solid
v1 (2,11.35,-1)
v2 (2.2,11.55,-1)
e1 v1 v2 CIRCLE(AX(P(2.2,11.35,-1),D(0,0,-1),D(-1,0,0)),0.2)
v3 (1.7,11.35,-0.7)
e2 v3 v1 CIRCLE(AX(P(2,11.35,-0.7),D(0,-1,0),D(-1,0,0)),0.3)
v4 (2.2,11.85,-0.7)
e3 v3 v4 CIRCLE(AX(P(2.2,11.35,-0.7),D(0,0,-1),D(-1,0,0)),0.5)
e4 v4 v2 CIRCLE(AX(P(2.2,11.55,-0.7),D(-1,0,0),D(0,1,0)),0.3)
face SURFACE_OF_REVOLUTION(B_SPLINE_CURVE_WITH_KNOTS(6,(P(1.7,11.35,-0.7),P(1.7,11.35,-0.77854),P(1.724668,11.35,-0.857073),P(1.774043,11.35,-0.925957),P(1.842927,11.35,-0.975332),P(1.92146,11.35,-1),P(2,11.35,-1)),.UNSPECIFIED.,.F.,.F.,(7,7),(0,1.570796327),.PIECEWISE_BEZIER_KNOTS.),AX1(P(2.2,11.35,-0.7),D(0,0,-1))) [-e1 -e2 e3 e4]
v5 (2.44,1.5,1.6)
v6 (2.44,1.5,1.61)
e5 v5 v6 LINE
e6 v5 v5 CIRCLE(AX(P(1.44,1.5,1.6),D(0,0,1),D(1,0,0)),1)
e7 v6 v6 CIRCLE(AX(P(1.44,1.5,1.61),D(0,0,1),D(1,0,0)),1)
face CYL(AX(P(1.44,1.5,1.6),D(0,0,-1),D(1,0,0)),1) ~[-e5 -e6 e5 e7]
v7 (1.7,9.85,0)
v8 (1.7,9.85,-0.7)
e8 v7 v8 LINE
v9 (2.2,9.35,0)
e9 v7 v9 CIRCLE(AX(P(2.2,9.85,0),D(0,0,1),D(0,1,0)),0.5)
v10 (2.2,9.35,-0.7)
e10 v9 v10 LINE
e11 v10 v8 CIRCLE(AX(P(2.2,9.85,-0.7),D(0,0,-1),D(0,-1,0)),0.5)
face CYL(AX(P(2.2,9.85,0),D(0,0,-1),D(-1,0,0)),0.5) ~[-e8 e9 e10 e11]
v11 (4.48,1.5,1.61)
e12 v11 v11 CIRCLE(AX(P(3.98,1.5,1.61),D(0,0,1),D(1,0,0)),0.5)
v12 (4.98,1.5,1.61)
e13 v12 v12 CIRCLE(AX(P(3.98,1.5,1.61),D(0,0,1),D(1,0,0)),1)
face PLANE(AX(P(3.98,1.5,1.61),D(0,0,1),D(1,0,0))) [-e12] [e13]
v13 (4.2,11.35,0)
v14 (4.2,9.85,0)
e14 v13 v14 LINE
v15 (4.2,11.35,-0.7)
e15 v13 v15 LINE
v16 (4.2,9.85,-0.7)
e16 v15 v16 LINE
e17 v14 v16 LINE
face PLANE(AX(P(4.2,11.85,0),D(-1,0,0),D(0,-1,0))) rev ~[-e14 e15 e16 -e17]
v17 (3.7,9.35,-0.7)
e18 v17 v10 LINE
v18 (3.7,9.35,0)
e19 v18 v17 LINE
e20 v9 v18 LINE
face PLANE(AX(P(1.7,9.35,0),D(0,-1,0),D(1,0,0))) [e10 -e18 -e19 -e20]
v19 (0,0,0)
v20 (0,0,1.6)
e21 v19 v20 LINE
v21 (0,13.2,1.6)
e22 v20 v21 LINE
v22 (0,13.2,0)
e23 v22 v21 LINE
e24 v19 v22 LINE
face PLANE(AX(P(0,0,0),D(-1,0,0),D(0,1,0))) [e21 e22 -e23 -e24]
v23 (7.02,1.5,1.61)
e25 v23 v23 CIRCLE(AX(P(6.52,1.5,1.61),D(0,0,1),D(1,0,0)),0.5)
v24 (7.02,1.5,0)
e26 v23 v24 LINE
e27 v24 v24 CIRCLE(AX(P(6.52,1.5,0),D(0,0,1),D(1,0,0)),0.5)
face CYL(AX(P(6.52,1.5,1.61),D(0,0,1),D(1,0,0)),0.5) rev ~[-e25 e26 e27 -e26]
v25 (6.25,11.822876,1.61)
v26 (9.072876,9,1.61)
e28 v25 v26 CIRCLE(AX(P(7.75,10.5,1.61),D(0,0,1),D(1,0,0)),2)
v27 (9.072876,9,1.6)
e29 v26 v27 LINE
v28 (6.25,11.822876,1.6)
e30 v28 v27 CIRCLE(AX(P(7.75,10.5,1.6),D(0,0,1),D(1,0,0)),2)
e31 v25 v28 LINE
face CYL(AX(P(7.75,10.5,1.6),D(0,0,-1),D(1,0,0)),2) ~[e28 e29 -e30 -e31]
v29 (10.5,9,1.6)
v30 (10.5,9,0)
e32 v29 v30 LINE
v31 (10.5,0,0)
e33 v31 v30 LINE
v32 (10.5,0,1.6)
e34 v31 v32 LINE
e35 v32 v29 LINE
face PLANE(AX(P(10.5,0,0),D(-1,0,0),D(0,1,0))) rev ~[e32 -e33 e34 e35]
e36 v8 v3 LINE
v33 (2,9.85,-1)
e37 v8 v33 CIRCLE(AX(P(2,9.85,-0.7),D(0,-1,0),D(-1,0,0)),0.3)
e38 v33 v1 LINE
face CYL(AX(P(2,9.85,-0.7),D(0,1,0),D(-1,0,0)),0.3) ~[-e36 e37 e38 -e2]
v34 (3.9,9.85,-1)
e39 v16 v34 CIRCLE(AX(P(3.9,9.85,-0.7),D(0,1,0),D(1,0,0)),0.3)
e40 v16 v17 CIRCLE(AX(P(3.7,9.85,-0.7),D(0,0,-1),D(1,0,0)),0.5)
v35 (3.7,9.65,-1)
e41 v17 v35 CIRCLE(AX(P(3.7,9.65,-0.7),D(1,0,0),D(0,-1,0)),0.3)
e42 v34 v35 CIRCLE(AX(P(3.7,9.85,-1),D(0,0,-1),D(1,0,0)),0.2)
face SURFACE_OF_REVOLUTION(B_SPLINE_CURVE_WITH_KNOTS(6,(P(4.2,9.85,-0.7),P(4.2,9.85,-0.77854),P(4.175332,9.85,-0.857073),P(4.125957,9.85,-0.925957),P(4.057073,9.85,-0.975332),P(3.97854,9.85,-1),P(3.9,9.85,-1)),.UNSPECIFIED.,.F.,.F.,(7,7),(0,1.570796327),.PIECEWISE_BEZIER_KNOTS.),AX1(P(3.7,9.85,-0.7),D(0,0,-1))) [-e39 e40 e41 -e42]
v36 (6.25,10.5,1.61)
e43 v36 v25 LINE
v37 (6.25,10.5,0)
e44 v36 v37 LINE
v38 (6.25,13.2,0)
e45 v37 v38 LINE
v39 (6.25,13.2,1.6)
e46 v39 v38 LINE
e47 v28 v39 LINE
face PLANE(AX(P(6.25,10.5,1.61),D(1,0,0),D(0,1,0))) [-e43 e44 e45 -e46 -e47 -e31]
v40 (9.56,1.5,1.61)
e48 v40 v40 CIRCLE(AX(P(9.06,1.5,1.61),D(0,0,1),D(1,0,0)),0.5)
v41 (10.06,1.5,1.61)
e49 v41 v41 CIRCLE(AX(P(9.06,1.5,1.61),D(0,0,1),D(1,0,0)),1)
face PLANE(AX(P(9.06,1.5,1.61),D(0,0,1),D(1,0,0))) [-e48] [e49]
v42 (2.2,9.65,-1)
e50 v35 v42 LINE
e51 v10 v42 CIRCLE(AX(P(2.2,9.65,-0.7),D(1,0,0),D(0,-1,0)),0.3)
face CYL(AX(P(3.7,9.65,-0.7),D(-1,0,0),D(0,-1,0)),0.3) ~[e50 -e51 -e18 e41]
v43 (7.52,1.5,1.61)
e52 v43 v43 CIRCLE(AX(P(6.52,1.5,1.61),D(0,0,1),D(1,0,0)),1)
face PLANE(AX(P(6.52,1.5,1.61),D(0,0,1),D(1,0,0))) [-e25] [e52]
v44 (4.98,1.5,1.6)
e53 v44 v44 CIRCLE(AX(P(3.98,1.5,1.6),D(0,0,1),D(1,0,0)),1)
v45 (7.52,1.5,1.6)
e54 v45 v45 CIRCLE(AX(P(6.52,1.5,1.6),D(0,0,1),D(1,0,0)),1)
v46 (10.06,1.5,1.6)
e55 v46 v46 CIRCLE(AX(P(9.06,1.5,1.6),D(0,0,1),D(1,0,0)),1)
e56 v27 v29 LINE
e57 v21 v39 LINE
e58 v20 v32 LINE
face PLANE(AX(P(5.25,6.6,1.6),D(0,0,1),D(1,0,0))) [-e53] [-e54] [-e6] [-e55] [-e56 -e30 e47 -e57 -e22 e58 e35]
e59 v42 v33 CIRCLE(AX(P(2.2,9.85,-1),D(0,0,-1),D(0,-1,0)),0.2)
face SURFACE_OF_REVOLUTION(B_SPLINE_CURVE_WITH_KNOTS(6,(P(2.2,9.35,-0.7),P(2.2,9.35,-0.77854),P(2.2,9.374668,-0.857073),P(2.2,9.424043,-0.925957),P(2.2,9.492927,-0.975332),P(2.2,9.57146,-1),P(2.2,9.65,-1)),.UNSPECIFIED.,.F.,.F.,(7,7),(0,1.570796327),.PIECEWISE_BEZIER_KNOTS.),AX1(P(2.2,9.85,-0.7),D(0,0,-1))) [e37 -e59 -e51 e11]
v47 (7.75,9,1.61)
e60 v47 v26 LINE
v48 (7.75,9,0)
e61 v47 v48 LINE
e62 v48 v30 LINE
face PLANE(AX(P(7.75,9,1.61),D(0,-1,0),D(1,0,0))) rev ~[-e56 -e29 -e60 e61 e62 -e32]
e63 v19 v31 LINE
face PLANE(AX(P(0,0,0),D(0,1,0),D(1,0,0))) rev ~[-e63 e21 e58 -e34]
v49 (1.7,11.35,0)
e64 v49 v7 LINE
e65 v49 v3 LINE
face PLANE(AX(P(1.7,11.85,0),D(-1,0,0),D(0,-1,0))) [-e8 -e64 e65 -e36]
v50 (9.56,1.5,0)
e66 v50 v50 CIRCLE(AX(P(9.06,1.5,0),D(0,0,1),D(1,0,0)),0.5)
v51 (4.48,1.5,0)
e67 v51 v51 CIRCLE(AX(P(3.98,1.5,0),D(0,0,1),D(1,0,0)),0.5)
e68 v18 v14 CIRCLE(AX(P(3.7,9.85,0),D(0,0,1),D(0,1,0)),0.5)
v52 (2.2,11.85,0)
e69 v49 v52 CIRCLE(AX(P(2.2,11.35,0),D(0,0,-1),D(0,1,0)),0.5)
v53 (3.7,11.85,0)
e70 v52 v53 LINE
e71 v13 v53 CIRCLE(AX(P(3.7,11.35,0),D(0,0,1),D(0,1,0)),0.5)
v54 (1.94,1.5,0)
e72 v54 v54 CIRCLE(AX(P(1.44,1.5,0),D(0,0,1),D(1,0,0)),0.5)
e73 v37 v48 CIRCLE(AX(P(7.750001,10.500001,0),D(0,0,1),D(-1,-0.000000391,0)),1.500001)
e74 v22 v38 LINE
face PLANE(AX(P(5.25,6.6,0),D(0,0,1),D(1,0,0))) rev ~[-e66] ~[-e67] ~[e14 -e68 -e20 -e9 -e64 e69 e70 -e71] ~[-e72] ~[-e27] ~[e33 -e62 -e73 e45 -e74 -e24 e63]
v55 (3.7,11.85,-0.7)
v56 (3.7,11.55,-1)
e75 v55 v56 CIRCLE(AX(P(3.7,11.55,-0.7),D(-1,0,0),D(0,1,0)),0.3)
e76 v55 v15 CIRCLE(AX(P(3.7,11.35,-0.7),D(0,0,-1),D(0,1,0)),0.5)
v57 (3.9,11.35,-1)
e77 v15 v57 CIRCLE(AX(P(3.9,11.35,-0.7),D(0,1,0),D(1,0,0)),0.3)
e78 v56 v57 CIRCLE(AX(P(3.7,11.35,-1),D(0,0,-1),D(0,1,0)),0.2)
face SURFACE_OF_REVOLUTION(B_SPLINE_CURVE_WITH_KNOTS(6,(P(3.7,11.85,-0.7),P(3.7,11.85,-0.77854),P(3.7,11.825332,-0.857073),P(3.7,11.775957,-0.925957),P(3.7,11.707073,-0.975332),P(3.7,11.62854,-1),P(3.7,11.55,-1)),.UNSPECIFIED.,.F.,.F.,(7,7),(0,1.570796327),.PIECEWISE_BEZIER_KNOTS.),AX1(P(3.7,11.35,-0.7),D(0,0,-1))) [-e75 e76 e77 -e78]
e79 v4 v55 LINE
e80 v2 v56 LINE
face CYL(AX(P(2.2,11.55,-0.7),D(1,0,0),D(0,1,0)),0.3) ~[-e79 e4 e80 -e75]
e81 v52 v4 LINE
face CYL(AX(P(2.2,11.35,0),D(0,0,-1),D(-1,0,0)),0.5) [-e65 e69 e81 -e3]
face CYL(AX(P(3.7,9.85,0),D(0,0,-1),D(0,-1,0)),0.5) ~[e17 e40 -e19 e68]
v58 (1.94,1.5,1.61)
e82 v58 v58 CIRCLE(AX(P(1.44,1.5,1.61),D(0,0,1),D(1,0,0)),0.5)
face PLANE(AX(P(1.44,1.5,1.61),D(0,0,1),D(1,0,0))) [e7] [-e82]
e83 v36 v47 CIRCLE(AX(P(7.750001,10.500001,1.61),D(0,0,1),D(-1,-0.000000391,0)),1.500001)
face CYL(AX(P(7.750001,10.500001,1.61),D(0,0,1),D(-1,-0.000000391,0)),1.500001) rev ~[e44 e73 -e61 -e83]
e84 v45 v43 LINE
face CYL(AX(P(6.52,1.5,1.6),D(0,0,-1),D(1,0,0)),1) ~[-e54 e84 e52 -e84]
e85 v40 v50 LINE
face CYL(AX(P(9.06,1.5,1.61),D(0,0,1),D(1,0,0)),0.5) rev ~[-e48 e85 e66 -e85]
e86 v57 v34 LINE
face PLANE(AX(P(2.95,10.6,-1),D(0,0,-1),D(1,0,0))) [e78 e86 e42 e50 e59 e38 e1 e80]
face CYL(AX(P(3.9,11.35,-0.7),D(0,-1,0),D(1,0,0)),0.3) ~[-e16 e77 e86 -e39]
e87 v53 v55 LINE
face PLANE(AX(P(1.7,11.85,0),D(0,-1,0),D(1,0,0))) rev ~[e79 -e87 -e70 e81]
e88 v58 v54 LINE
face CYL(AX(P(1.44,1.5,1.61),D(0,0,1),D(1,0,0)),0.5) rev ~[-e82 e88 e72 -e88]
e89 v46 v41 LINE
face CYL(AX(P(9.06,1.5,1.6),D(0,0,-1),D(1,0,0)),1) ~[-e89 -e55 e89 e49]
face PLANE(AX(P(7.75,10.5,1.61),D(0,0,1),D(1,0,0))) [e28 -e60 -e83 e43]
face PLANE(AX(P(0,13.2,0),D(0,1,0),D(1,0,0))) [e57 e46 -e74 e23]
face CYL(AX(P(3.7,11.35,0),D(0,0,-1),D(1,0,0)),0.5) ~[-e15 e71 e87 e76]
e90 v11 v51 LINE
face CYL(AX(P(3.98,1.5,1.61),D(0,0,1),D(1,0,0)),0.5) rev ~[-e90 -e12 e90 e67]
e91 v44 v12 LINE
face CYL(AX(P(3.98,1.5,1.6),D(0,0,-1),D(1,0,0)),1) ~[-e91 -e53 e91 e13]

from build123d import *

# Parameters (mm, degrees)
BOX_W        = 10.5
BOX_H        = 13.2
BOX_DEPTH    = 1.6
SKETCH_R     = 1
SKETCH_R_2   = 2
PAD_DEPTH    = 0.01
SKETCH001_R  = 0.5
POCKET_DEPTH = 1.611
SKETCH002_W  = 2.5
SKETCH002_H  = 2.5
PAD001_DEPTH = 1
FILLET_R     = 0.5
FILLET001_R  = 0.3


with BuildPart() as part:
    # Box → Box (new body)
    with BuildSketch(Plane.XY):
        with Locations((5.25, 6.6)):
            Rectangle(BOX_W, BOX_H)
    extrude(amount=BOX_DEPTH)

    # Sketch → Pad (new body)
    with BuildSketch(Plane.XY.offset(1.6)):
        with Locations((1.44, 1.5)):
            Circle(SKETCH_R)
        with Locations((3.98, 1.5)):
            Circle(SKETCH_R)
        with Locations((6.52, 1.5)):
            Circle(SKETCH_R)
        with Locations((9.06, 1.5)):
            Circle(SKETCH_R)
        with Locations((7.75, 10.5)):
            Circle(SKETCH_R_2)
    extrude(amount=PAD_DEPTH)

    # Sketch001 → Pocket (cut, through all)
    with BuildSketch(Plane.XY.offset(1.61)):
        with Locations((1.44, 1.5)):
            Circle(SKETCH001_R)
        with Locations((3.98, 1.5)):
            Circle(SKETCH001_R)
        with Locations((6.52, 1.5)):
            Circle(SKETCH001_R)
        with Locations((9.06, 1.5)):
            Circle(SKETCH001_R)
        with BuildLine():
            ThreePointArc((6.25, 10.5), (6.68934, 9.43934), (7.75, 9))
            Line((7.75, 9), (10.5, 9))
            Line((10.5, 9), (10.5, 13.2))
            Line((6.25, 13.2), (10.5, 13.2))
            Line((6.25, 10.5), (6.25, 13.2))
        make_face()
    extrude(amount=-POCKET_DEPTH, mode=Mode.SUBTRACT)

    # Sketch002 → Pad001 (new body)
    with BuildSketch(Plane(origin=(0, 0, 0), x_dir=(1, 0, 0), z_dir=(0, 0, -1))):
        with Locations((2.95, -10.6)):
            Rectangle(SKETCH002_W, SKETCH002_H)
    extrude(amount=PAD001_DEPTH)

    # Fillet
    fillet_edges = [part.edges().sort_by_distance(p)[0] for p in [
        (1.7, 11.85, -0.5),
        (4.2, 11.85, -0.5),
        (4.2, 9.35, -0.5),
        (1.7, 9.35, -0.5),
    ]]
    fillet(fillet_edges, radius=FILLET_R)

    # Fillet001
    fillet001_edges = [part.edges().sort_by_distance(p)[0] for p in [
        (4.2, 10.6, -1),
        (2.95, 9.35, -1),
        (1.7, 10.6, -1),
        (2.95, 11.85, -1),
    ]]
    fillet(fillet001_edges, radius=FILLET001_R)


solid = part.part
